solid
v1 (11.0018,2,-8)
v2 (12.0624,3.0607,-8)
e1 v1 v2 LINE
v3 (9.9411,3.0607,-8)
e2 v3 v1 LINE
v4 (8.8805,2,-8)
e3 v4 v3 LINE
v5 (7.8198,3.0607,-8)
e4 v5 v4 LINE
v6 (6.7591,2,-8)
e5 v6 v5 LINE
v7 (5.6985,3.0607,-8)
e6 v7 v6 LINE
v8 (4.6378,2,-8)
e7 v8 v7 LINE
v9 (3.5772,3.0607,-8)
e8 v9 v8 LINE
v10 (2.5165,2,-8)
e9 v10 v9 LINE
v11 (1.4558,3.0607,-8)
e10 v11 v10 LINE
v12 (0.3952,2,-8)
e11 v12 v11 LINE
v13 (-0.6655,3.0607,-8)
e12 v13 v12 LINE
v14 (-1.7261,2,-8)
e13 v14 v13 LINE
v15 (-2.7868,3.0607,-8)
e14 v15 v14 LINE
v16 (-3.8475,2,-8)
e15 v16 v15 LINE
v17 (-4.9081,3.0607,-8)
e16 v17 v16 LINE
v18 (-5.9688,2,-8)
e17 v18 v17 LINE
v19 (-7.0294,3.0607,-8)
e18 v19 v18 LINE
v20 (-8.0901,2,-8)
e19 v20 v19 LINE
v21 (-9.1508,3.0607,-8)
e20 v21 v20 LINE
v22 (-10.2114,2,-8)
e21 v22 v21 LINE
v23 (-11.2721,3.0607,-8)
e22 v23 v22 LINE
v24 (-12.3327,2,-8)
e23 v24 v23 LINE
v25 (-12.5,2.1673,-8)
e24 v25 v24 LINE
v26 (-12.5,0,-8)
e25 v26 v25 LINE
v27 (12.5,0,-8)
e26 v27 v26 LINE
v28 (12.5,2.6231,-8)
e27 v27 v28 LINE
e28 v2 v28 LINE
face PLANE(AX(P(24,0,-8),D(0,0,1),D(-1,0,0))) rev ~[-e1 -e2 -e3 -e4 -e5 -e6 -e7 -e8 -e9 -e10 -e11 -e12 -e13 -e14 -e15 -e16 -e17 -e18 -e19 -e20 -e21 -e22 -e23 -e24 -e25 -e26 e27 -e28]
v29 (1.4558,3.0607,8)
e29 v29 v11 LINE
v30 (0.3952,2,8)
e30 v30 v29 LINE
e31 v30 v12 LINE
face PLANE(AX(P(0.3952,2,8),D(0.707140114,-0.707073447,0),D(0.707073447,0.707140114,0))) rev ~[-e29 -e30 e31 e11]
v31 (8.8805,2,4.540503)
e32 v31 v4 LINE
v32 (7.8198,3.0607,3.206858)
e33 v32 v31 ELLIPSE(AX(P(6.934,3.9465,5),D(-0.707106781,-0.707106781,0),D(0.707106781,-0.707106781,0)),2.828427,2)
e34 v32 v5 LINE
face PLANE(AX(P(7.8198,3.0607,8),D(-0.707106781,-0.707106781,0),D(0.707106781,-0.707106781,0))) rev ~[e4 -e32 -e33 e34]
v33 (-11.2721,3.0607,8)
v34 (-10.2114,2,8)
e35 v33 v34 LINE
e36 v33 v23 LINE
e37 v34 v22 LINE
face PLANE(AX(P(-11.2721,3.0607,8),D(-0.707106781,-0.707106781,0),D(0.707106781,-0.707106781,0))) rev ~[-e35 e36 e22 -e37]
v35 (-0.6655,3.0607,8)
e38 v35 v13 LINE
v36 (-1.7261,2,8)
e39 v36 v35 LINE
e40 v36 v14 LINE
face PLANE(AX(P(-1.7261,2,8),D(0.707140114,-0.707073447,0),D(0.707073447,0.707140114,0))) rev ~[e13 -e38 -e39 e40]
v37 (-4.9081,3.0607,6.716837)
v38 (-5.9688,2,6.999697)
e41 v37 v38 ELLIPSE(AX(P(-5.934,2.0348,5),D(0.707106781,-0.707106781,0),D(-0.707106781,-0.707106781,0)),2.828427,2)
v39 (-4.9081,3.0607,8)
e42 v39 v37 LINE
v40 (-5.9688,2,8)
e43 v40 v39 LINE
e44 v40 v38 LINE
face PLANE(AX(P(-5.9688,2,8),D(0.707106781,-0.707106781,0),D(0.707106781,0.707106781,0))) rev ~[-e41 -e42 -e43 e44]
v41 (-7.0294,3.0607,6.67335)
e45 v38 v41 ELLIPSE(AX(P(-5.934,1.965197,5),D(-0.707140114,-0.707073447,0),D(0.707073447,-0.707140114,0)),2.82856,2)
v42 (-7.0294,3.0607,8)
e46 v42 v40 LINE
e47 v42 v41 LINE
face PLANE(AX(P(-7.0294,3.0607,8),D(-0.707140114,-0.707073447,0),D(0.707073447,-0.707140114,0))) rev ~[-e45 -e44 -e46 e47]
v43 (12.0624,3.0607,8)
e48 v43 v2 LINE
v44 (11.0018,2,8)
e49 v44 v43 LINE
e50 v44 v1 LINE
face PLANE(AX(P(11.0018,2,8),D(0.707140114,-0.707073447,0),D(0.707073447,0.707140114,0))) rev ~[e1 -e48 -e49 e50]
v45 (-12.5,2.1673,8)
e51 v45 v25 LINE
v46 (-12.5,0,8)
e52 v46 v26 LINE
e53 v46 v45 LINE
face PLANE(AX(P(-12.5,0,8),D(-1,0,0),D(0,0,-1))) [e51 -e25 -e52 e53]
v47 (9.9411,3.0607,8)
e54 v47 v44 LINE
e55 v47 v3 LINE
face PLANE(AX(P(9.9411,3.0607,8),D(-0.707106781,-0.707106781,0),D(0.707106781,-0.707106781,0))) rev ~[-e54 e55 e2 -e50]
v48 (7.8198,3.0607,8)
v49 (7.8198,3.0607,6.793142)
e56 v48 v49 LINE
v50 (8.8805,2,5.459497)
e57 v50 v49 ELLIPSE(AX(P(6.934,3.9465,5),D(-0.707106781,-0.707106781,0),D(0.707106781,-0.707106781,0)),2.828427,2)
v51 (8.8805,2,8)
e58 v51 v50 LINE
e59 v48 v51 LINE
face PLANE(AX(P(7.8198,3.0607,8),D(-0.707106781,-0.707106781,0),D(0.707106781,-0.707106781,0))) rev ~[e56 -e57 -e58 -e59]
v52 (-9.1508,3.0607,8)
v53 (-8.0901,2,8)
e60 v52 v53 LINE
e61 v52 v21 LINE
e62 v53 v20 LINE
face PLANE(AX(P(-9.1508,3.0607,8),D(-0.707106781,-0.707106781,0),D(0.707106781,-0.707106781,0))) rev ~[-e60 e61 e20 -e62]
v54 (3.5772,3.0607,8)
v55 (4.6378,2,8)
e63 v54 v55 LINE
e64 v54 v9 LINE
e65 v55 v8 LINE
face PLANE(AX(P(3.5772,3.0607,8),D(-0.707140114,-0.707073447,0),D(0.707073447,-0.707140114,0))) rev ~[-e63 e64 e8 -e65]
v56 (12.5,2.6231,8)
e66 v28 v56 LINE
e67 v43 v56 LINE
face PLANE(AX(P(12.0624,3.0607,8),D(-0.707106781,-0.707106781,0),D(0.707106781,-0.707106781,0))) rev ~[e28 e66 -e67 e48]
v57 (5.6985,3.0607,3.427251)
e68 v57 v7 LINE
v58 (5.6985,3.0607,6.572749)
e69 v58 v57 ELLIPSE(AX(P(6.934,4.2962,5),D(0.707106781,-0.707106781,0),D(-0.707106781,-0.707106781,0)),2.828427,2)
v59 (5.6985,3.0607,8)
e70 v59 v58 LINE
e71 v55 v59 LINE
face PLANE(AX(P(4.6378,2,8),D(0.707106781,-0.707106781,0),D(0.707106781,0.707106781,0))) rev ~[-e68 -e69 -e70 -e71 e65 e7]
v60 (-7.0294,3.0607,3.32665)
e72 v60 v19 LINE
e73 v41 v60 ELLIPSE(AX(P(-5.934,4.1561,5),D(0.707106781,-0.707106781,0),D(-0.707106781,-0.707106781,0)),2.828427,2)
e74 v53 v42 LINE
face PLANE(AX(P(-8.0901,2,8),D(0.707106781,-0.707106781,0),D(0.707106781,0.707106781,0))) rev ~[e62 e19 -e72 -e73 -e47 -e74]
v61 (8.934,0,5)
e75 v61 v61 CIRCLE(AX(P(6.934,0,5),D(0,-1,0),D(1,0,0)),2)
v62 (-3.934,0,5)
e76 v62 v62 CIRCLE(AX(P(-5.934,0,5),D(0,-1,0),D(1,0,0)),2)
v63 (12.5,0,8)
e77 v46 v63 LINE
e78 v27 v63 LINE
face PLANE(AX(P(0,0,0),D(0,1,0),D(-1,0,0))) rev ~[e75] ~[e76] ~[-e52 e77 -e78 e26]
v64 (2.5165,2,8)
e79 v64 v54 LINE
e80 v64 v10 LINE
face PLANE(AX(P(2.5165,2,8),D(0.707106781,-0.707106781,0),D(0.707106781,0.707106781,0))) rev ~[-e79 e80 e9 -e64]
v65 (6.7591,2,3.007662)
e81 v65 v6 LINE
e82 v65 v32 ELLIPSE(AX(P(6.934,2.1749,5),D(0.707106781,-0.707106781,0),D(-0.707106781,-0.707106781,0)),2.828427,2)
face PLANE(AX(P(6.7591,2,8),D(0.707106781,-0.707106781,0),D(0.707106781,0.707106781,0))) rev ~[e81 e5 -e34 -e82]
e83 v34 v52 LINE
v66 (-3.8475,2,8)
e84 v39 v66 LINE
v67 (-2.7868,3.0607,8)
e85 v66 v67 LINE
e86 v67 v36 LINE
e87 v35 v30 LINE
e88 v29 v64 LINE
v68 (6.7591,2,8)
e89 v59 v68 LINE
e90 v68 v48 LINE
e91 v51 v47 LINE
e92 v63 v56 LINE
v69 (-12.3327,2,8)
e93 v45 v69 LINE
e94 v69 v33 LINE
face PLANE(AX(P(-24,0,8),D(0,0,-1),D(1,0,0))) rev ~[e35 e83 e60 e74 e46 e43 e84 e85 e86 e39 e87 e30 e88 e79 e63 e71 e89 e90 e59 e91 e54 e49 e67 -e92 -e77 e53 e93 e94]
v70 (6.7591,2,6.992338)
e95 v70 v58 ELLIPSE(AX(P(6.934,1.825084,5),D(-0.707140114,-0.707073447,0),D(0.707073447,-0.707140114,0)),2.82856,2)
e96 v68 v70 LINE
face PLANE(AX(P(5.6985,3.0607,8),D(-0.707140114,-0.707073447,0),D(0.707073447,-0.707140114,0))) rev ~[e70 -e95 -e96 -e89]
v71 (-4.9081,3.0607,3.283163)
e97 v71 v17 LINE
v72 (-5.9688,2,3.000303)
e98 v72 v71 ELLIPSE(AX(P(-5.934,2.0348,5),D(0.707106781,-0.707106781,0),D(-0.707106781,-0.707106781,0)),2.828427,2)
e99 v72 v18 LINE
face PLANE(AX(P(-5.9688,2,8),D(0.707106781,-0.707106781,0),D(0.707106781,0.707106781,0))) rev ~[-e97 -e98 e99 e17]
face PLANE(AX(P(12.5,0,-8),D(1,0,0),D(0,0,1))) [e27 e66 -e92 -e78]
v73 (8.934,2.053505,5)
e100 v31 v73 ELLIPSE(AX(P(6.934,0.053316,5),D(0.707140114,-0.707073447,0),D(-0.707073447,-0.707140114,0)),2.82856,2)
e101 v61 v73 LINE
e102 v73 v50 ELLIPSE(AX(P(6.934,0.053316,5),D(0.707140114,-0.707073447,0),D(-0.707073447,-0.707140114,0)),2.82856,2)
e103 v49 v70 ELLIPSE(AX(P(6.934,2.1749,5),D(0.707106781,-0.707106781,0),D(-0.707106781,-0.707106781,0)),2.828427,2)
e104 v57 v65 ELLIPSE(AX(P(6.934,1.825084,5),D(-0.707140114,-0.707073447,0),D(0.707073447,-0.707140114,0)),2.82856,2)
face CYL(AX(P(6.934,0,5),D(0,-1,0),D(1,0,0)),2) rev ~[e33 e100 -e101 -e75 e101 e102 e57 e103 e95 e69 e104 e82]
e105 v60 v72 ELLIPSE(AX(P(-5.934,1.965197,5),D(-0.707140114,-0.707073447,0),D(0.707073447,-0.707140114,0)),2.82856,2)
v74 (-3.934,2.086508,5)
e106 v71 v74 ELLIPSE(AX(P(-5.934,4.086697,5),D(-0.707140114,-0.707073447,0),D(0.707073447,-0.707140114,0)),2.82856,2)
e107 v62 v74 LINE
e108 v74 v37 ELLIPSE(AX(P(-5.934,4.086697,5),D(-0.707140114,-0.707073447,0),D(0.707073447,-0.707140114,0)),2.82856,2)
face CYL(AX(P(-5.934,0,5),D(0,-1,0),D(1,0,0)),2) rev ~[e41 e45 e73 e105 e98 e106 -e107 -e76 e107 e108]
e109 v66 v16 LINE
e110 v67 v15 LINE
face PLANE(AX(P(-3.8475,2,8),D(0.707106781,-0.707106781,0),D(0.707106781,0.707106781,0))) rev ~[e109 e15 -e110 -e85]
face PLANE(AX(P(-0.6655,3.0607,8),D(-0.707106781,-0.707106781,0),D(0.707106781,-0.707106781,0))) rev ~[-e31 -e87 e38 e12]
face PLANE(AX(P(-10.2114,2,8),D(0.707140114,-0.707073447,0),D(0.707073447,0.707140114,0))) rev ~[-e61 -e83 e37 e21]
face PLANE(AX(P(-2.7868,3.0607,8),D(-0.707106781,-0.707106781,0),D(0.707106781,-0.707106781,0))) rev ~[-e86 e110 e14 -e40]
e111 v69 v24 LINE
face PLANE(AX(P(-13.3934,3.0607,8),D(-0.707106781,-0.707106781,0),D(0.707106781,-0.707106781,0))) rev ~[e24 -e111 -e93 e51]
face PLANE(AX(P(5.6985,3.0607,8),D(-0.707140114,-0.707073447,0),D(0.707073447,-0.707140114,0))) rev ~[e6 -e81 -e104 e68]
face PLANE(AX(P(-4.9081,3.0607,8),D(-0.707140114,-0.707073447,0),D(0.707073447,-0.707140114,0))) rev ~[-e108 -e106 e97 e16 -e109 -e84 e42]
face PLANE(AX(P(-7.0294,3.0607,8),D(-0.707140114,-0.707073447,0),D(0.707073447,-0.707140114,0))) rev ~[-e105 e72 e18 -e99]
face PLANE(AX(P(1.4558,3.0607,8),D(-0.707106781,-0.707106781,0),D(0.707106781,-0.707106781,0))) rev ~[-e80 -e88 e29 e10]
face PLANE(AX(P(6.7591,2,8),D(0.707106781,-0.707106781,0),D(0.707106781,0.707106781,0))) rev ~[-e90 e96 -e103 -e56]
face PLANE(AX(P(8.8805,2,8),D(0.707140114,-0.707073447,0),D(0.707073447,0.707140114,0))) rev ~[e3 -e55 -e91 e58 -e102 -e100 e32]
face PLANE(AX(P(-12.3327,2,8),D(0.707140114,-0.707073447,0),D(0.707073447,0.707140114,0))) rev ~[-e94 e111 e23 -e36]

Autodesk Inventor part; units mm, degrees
ref_plane "YZ Plane" through (0, 0, 0) normal (1, 0, 0) x (0, 1, 0)
ref_plane "XZ Plane" through (0, 0, 0) normal (0, 1, 0) x (-1, 0, 0)
ref_plane "XY Plane" through (0, 0, 0) normal (0, 0, 1) x (1, 0, 0)
sketch "Sketch1" plane through (0, 0, 0) normal (0, 1, 0) x (-1, 0, 0)
  line L0 (24, 8) -> (-24, 8)
  line L1 (-24, 8) -> (-24, -8)
  line L2 (-24, -8) -> (24, -8)
  line L3 (24, -8) -> (24, 8)
  point P0 (0, 0)
  dimension "d0" = 48
  dimension "d1" = 16
extrude "Extrusion1" add sketch "Sketch1" along normal blind 2
sketch "Sketch2" plane through (-24, 0, 8) normal (0, 0, 1) x (1, 0, 0)
  line L0 (0, 2) -> (1.5, 2) construction
  line L1 (0, 3.0607) -> (1.0607, 2)
  line L2 (0, 2) -> (48, 2) projected
  line L3 (0, 3.0607) -> (0, 2)
  line L4 (1.0607, 2) -> (2.1213, 3.0607)
  line L5 (1.0607, 2) -> (2.5607, 2) construction
  line L6 (2.1213, 3.0607) -> (3.182, 2)
  line L7 (3.182, 2) -> (4.2426, 3.0607)
  line L8 (4.2426, 3.0607) -> (5.3033, 2)
  line L9 (5.3033, 2) -> (6.364, 3.0607)
  line L10 (6.364, 3.0607) -> (7.4246, 2)
  line L11 (7.4246, 2) -> (8.4853, 3.0607)
  line L12 (7.4246, 2) -> (8.9246, 2) construction
  line L13 (8.4853, 3.0607) -> (9.5459, 2)
  line L14 (9.5459, 2) -> (10.6066, 3.0607)
  line L15 (10.6066, 3.0607) -> (11.6673, 2)
  line L16 (11.6673, 2) -> (12.7279, 3.0607)
  line L17 (12.7279, 3.0607) -> (13.7886, 2)
  line L18 (13.7886, 2) -> (14.8492, 3.0607)
  line L19 (14.8492, 3.0607) -> (15.9099, 2)
  line L20 (15.9099, 2) -> (16.9706, 3.0607)
  line L21 (16.9706, 3.0607) -> (18.0312, 2)
  line L22 (18.0312, 2) -> (19.0919, 3.0607)
  line L23 (19.0919, 3.0607) -> (20.1525, 2)
  line L24 (20.1525, 2) -> (21.2132, 3.0607)
  line L25 (21.2132, 3.0607) -> (22.2739, 2)
  line L26 (22.2739, 2) -> (23.3345, 3.0607)
  line L27 (23.3345, 3.0607) -> (24.3952, 2)
  line L28 (24.3952, 2) -> (25.4558, 3.0607)
  line L29 (25.4558, 3.0607) -> (26.5165, 2)
  line L30 (26.5165, 2) -> (27.5772, 3.0607)
  line L31 (27.5772, 3.0607) -> (28.6378, 2)
  line L32 (27.5772, 3.0607) -> (29.0772, 3.0607) construction
  line L33 (28.6378, 2) -> (29.6985, 3.0607)
  line L34 (29.6985, 3.0607) -> (30.7591, 2)
  line L35 (30.7591, 2) -> (31.8198, 3.0607)
  line L36 (31.8198, 3.0607) -> (32.8805, 2)
  line L37 (32.8805, 2) -> (33.9411, 3.0607)
  line L38 (33.9411, 3.0607) -> (35.0018, 2)
  line L39 (35.0018, 2) -> (36.0624, 3.0607)
  line L40 (36.0624, 3.0607) -> (37.1231, 2)
  line L41 (37.1231, 2) -> (38.1838, 3.0607)
  line L42 (38.1838, 3.0607) -> (39.2444, 2)
  line L43 (39.2444, 2) -> (40.3051, 3.0607)
  line L44 (40.3051, 3.0607) -> (41.3657, 2)
  line L45 (41.3657, 2) -> (42.4264, 3.0607)
  line L46 (42.4264, 3.0607) -> (43.4871, 2)
  line L47 (43.4871, 2) -> (44.5477, 3.0607)
  line L48 (44.5477, 3.0607) -> (45.6084, 2)
  line L49 (45.6084, 2) -> (46.669, 3.0607)
  line L50 (46.669, 3.0607) -> (47.7297, 2)
  line L51 (47.7297, 2) -> (48.7904, 3.0607)
  line L52 (48, 2) -> (48, 2.2703)
  line L53 (48, 0) -> (48, 2) projected
  line L54 (48, 2) -> (0, 2)
  point P0 (24, 0)
  dimension "d6" = 1.5
  dimension "d7" = 1.5
  dimension "d8" = 45
  dimension "d9" = 1.5
  dimension "d10" = 1.5
  dimension "d11" = 90
  dimension "d12" = 1.5
  dimension "d13" = 1.5
  dimension "d14" = 1.5
  dimension "d15" = 1.5
  dimension "d16" = 45
  dimension "d17" = 1.5
  dimension "d18" = 90
  dimension "d19" = 1.5
  dimension "d20" = 1.5
  dimension "d21" = 1.5
  dimension "d22" = 1.5
  dimension "d23" = 1.5
  dimension "d24" = 1.5
  dimension "d25" = 90
  dimension "d26" = 1.5
  dimension "d27" = 90
  dimension "d28" = 1.5
  dimension "d29" = 90
  dimension "d30" = 1.5
  dimension "d31" = 1.5
  dimension "d32" = 1.5
  dimension "d33" = 1.5
  dimension "d34" = 90
  dimension "d35" = 1.5
  dimension "d36" = 90
  dimension "d37" = 1.5
  dimension "d38" = 90
  dimension "d39" = 1.5
  dimension "d40" = 90
  dimension "d41" = 1.5
  dimension "d42" = 90
  dimension "d43" = 1.5
  dimension "d44" = 90
  dimension "d45" = 1.5
  dimension "d46" = 45
  dimension "d47" = 1.5
  dimension "d48" = 90
  dimension "d49" = 1.5
  dimension "d50" = 90
  dimension "d51" = 1.5
  dimension "d52" = 90
  dimension "d53" = 1.5
  dimension "d54" = 90
  dimension "d55" = 1.5
  dimension "d56" = 90
  dimension "d57" = 1.5
  dimension "d58" = 90
  dimension "d59" = 1.5
  dimension "d60" = 90
  dimension "d61" = 1.5
  dimension "d62" = 90
  dimension "d63" = 1.5
  dimension "d64" = 90
  dimension "d65" = 1.5
  dimension "d66" = 90
  dimension "d67" = 1.5
  dimension "d68" = 90
  dimension "d69" = 1.5
extrude "Extrusion2" add sketch "Sketch2" against normal blind 16
sketch "Sketch4" plane through (0, 0, 0) normal (0, -1, 0) x (1, 0, 0)
  line L0 (-24, 8) -> (24, 8) projected
  line L1 (12.5, 8) -> (-12.5, 8)
  line L2 (-12.5, 8) -> (-12.5, -8)
  line L3 (-12.5, -8) -> (12.5, -8)
  line L4 (12.5, -8) -> (12.5, 8)
  line L5 (-12.3327, 8) -> (-12.3327, -8) projected
  line L6 (-12.3327, 8) -> (-24, 8)
  line L7 (-24, 8) -> (-24, -8)
  line L8 (-24, -8) -> (-12.3327, -8)
  line L9 (-12.3327, -8) -> (-12.3327, 8)
  line L10 (24, 8) -> (24, -8) projected
  line L11 (12.5, 8) -> (24, 8)
  line L12 (24, 8) -> (24, -8)
  line L13 (24, -8) -> (12.5, -8)
  line L14 (12.5, -8) -> (12.5, 8)
  point P0 (0, 0)
  dimension "d93" = 25
  dimension "d94" = 16
extrude "Extrusion4" cut sketch "Sketch4" against normal blind 10 contours L0 L2 L8 L7 | L0 L10 L13 L4
sketch "Sketch5" plane through (0, 0, 0) normal (0, -1, 0) x (1, 0, 0)
  circle A0 centre (6.934, 5) radius 2
  circle A1 centre (-5.934, 5) radius 2
  point P0 (0, 0)
  dimension "d97" = 4
  dimension "d98" = 4
extrude "Extrusion5" cut sketch "Sketch5" against normal blind 10
properties part number "gantryTensioner"
